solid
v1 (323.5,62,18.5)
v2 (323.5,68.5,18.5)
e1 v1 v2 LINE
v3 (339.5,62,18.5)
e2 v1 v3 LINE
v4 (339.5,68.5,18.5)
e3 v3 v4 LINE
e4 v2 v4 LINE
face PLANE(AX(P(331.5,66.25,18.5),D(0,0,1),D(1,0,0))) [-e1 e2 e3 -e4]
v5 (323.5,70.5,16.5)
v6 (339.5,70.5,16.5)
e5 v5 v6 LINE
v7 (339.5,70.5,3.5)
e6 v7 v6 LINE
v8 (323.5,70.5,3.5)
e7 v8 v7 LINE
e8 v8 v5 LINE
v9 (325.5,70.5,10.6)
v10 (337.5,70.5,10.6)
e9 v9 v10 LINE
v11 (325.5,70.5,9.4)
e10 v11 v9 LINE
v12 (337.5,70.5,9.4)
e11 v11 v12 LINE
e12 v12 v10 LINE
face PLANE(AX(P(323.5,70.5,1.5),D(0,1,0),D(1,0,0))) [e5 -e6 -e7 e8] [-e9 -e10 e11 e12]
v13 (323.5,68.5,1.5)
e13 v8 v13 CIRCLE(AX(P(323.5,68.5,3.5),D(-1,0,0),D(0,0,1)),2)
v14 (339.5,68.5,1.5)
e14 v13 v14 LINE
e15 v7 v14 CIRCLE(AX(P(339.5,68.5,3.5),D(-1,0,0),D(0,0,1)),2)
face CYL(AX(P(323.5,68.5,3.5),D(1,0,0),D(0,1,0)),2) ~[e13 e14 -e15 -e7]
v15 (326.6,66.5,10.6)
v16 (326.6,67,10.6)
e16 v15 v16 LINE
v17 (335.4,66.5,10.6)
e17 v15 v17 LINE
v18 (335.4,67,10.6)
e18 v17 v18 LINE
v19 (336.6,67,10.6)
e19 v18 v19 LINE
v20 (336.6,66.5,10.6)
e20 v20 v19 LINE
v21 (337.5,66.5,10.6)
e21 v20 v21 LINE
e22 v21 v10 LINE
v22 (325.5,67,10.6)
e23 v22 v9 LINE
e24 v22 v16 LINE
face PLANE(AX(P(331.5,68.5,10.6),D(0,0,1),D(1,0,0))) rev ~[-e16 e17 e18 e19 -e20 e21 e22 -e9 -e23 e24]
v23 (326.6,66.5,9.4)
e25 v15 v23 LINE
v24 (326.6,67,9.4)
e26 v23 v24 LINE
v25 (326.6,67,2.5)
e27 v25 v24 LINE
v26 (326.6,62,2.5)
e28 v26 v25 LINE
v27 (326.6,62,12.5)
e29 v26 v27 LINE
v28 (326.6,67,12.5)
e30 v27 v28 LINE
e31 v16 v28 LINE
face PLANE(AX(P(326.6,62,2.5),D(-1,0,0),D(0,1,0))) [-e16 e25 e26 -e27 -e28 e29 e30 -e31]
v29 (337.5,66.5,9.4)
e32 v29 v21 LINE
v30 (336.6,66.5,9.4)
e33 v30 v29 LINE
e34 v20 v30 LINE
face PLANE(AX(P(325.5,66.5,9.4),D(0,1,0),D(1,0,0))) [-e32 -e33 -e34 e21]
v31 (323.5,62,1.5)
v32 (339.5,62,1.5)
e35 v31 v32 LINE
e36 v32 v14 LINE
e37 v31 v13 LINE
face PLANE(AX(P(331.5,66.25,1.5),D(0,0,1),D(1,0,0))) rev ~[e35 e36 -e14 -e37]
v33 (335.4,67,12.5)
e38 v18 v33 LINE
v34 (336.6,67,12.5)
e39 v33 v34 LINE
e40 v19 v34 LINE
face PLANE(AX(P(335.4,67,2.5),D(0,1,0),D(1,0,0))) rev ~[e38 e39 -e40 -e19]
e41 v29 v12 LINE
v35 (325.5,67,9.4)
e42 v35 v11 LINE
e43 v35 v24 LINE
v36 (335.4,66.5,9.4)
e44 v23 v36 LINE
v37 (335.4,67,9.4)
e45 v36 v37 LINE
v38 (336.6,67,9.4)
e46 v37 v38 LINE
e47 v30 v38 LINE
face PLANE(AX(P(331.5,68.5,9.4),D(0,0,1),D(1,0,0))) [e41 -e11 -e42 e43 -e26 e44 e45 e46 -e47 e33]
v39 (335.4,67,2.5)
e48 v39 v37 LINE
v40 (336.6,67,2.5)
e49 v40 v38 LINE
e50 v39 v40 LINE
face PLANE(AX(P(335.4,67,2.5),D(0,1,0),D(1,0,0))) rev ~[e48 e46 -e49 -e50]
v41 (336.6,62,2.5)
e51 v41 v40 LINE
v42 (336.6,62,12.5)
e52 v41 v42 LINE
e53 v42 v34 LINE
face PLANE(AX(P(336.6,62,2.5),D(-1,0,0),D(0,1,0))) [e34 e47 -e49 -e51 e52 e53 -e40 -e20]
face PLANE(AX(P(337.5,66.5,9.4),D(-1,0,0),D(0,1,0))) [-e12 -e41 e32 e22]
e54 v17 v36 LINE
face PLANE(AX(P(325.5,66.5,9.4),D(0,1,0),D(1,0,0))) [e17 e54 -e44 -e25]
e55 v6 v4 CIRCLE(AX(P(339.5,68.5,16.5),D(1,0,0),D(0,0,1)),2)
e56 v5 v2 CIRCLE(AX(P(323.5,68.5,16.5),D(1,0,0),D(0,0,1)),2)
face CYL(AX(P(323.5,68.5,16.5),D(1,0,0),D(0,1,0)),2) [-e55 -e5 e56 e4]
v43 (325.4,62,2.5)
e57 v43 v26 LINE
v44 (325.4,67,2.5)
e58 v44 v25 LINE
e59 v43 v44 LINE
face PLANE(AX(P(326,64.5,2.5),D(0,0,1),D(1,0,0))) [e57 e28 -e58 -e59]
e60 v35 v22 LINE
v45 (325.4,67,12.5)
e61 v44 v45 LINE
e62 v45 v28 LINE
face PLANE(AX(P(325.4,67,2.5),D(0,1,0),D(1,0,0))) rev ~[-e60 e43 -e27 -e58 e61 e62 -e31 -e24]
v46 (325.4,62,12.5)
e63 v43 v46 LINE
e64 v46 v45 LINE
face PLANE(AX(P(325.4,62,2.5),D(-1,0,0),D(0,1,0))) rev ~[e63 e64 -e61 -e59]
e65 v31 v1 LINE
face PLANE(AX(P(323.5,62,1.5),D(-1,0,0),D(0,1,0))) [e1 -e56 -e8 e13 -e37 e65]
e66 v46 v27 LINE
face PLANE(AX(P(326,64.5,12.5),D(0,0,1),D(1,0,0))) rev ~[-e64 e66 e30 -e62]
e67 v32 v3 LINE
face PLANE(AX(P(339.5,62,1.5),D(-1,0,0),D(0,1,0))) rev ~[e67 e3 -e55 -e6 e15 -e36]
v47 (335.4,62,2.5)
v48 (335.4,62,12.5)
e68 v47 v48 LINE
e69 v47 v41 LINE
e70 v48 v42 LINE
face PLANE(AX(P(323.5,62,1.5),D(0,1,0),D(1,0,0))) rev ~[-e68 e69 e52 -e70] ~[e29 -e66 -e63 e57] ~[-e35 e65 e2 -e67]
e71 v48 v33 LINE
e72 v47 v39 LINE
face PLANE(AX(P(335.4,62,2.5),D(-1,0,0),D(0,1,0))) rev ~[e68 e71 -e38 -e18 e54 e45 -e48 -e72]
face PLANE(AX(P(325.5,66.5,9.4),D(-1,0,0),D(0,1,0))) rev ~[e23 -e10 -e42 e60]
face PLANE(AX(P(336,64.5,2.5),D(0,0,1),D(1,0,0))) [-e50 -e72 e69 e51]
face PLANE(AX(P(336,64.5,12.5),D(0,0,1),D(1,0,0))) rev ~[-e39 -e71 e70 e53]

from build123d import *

# Parameters (mm, degrees)
BOX054_W     = 12
BOX054_H     = 4
BOX054_DEPTH = 1.2
BOX053_W     = 1.2
BOX053_H     = 5
BOX053_DEPTH = 10
BOX052_W     = 1.2
BOX052_H     = 5
BOX052_DEPTH = 10
BOX051_W     = 16
BOX051_H     = 8.5
BOX051_DEPTH = 17
FILLET025_R  = 2


with BuildPart() as cube033:
    # Box054 → Box054 (new body)
    with BuildSketch(Plane(origin=(325.5, 50.5, 9.4), x_dir=(1, 0, 0), z_dir=(0, 0, 1))):
        with Locations((6, 2)):
            Rectangle(BOX054_W, BOX054_H)
    extrude(amount=BOX054_DEPTH)


with BuildPart() as cube032:
    # Box053 → Box053 (new body)
    with BuildSketch(Plane(origin=(335.4, 46, 2.5), x_dir=(1, 0, 0), z_dir=(0, 0, 1))):
        with Locations((0.6, 2.5)):
            Rectangle(BOX053_W, BOX053_H)
    extrude(amount=BOX053_DEPTH)


with BuildPart() as fusion099:
    # Box052 → Box052 (new body)
    with BuildSketch(Plane(origin=(325.4, 46, 2.5), x_dir=(1, 0, 0), z_dir=(0, 0, 1))):
        with Locations((0.6, 2.5)):
            Rectangle(BOX052_W, BOX052_H)
    extrude(amount=BOX052_DEPTH)

    # Fusion099: union Cube032
    add(cube032.part)


with BuildPart() as cut061:
    # Box051 → Box051 (new body)
    with BuildSketch(Plane(origin=(323.5, 46, 1.5), x_dir=(1, 0, 0), z_dir=(0, 0, 1))):
        with Locations((8, 4.25)):
            Rectangle(BOX051_W, BOX051_H)
    extrude(amount=BOX051_DEPTH)

    # Cut060: cut Fusion099
    add(fusion099.part, mode=Mode.SUBTRACT)

    # Fillet025
    fillet025_edges = [cut061.edges().sort_by_distance(p)[0] for p in [
        (331.5, 54.5, 18.5),
        (331.5, 54.5, 1.5),
    ]]
    fillet(fillet025_edges, radius=FILLET025_R)

    # Cut061: cut Cube033
    add(cube033.part, mode=Mode.SUBTRACT)


with BuildPart() as cut061_1:
    # Cut061 placement: moved
    add(cut061.part.moved(Location((0, 16, 0))))


solid = cut061_1.part
